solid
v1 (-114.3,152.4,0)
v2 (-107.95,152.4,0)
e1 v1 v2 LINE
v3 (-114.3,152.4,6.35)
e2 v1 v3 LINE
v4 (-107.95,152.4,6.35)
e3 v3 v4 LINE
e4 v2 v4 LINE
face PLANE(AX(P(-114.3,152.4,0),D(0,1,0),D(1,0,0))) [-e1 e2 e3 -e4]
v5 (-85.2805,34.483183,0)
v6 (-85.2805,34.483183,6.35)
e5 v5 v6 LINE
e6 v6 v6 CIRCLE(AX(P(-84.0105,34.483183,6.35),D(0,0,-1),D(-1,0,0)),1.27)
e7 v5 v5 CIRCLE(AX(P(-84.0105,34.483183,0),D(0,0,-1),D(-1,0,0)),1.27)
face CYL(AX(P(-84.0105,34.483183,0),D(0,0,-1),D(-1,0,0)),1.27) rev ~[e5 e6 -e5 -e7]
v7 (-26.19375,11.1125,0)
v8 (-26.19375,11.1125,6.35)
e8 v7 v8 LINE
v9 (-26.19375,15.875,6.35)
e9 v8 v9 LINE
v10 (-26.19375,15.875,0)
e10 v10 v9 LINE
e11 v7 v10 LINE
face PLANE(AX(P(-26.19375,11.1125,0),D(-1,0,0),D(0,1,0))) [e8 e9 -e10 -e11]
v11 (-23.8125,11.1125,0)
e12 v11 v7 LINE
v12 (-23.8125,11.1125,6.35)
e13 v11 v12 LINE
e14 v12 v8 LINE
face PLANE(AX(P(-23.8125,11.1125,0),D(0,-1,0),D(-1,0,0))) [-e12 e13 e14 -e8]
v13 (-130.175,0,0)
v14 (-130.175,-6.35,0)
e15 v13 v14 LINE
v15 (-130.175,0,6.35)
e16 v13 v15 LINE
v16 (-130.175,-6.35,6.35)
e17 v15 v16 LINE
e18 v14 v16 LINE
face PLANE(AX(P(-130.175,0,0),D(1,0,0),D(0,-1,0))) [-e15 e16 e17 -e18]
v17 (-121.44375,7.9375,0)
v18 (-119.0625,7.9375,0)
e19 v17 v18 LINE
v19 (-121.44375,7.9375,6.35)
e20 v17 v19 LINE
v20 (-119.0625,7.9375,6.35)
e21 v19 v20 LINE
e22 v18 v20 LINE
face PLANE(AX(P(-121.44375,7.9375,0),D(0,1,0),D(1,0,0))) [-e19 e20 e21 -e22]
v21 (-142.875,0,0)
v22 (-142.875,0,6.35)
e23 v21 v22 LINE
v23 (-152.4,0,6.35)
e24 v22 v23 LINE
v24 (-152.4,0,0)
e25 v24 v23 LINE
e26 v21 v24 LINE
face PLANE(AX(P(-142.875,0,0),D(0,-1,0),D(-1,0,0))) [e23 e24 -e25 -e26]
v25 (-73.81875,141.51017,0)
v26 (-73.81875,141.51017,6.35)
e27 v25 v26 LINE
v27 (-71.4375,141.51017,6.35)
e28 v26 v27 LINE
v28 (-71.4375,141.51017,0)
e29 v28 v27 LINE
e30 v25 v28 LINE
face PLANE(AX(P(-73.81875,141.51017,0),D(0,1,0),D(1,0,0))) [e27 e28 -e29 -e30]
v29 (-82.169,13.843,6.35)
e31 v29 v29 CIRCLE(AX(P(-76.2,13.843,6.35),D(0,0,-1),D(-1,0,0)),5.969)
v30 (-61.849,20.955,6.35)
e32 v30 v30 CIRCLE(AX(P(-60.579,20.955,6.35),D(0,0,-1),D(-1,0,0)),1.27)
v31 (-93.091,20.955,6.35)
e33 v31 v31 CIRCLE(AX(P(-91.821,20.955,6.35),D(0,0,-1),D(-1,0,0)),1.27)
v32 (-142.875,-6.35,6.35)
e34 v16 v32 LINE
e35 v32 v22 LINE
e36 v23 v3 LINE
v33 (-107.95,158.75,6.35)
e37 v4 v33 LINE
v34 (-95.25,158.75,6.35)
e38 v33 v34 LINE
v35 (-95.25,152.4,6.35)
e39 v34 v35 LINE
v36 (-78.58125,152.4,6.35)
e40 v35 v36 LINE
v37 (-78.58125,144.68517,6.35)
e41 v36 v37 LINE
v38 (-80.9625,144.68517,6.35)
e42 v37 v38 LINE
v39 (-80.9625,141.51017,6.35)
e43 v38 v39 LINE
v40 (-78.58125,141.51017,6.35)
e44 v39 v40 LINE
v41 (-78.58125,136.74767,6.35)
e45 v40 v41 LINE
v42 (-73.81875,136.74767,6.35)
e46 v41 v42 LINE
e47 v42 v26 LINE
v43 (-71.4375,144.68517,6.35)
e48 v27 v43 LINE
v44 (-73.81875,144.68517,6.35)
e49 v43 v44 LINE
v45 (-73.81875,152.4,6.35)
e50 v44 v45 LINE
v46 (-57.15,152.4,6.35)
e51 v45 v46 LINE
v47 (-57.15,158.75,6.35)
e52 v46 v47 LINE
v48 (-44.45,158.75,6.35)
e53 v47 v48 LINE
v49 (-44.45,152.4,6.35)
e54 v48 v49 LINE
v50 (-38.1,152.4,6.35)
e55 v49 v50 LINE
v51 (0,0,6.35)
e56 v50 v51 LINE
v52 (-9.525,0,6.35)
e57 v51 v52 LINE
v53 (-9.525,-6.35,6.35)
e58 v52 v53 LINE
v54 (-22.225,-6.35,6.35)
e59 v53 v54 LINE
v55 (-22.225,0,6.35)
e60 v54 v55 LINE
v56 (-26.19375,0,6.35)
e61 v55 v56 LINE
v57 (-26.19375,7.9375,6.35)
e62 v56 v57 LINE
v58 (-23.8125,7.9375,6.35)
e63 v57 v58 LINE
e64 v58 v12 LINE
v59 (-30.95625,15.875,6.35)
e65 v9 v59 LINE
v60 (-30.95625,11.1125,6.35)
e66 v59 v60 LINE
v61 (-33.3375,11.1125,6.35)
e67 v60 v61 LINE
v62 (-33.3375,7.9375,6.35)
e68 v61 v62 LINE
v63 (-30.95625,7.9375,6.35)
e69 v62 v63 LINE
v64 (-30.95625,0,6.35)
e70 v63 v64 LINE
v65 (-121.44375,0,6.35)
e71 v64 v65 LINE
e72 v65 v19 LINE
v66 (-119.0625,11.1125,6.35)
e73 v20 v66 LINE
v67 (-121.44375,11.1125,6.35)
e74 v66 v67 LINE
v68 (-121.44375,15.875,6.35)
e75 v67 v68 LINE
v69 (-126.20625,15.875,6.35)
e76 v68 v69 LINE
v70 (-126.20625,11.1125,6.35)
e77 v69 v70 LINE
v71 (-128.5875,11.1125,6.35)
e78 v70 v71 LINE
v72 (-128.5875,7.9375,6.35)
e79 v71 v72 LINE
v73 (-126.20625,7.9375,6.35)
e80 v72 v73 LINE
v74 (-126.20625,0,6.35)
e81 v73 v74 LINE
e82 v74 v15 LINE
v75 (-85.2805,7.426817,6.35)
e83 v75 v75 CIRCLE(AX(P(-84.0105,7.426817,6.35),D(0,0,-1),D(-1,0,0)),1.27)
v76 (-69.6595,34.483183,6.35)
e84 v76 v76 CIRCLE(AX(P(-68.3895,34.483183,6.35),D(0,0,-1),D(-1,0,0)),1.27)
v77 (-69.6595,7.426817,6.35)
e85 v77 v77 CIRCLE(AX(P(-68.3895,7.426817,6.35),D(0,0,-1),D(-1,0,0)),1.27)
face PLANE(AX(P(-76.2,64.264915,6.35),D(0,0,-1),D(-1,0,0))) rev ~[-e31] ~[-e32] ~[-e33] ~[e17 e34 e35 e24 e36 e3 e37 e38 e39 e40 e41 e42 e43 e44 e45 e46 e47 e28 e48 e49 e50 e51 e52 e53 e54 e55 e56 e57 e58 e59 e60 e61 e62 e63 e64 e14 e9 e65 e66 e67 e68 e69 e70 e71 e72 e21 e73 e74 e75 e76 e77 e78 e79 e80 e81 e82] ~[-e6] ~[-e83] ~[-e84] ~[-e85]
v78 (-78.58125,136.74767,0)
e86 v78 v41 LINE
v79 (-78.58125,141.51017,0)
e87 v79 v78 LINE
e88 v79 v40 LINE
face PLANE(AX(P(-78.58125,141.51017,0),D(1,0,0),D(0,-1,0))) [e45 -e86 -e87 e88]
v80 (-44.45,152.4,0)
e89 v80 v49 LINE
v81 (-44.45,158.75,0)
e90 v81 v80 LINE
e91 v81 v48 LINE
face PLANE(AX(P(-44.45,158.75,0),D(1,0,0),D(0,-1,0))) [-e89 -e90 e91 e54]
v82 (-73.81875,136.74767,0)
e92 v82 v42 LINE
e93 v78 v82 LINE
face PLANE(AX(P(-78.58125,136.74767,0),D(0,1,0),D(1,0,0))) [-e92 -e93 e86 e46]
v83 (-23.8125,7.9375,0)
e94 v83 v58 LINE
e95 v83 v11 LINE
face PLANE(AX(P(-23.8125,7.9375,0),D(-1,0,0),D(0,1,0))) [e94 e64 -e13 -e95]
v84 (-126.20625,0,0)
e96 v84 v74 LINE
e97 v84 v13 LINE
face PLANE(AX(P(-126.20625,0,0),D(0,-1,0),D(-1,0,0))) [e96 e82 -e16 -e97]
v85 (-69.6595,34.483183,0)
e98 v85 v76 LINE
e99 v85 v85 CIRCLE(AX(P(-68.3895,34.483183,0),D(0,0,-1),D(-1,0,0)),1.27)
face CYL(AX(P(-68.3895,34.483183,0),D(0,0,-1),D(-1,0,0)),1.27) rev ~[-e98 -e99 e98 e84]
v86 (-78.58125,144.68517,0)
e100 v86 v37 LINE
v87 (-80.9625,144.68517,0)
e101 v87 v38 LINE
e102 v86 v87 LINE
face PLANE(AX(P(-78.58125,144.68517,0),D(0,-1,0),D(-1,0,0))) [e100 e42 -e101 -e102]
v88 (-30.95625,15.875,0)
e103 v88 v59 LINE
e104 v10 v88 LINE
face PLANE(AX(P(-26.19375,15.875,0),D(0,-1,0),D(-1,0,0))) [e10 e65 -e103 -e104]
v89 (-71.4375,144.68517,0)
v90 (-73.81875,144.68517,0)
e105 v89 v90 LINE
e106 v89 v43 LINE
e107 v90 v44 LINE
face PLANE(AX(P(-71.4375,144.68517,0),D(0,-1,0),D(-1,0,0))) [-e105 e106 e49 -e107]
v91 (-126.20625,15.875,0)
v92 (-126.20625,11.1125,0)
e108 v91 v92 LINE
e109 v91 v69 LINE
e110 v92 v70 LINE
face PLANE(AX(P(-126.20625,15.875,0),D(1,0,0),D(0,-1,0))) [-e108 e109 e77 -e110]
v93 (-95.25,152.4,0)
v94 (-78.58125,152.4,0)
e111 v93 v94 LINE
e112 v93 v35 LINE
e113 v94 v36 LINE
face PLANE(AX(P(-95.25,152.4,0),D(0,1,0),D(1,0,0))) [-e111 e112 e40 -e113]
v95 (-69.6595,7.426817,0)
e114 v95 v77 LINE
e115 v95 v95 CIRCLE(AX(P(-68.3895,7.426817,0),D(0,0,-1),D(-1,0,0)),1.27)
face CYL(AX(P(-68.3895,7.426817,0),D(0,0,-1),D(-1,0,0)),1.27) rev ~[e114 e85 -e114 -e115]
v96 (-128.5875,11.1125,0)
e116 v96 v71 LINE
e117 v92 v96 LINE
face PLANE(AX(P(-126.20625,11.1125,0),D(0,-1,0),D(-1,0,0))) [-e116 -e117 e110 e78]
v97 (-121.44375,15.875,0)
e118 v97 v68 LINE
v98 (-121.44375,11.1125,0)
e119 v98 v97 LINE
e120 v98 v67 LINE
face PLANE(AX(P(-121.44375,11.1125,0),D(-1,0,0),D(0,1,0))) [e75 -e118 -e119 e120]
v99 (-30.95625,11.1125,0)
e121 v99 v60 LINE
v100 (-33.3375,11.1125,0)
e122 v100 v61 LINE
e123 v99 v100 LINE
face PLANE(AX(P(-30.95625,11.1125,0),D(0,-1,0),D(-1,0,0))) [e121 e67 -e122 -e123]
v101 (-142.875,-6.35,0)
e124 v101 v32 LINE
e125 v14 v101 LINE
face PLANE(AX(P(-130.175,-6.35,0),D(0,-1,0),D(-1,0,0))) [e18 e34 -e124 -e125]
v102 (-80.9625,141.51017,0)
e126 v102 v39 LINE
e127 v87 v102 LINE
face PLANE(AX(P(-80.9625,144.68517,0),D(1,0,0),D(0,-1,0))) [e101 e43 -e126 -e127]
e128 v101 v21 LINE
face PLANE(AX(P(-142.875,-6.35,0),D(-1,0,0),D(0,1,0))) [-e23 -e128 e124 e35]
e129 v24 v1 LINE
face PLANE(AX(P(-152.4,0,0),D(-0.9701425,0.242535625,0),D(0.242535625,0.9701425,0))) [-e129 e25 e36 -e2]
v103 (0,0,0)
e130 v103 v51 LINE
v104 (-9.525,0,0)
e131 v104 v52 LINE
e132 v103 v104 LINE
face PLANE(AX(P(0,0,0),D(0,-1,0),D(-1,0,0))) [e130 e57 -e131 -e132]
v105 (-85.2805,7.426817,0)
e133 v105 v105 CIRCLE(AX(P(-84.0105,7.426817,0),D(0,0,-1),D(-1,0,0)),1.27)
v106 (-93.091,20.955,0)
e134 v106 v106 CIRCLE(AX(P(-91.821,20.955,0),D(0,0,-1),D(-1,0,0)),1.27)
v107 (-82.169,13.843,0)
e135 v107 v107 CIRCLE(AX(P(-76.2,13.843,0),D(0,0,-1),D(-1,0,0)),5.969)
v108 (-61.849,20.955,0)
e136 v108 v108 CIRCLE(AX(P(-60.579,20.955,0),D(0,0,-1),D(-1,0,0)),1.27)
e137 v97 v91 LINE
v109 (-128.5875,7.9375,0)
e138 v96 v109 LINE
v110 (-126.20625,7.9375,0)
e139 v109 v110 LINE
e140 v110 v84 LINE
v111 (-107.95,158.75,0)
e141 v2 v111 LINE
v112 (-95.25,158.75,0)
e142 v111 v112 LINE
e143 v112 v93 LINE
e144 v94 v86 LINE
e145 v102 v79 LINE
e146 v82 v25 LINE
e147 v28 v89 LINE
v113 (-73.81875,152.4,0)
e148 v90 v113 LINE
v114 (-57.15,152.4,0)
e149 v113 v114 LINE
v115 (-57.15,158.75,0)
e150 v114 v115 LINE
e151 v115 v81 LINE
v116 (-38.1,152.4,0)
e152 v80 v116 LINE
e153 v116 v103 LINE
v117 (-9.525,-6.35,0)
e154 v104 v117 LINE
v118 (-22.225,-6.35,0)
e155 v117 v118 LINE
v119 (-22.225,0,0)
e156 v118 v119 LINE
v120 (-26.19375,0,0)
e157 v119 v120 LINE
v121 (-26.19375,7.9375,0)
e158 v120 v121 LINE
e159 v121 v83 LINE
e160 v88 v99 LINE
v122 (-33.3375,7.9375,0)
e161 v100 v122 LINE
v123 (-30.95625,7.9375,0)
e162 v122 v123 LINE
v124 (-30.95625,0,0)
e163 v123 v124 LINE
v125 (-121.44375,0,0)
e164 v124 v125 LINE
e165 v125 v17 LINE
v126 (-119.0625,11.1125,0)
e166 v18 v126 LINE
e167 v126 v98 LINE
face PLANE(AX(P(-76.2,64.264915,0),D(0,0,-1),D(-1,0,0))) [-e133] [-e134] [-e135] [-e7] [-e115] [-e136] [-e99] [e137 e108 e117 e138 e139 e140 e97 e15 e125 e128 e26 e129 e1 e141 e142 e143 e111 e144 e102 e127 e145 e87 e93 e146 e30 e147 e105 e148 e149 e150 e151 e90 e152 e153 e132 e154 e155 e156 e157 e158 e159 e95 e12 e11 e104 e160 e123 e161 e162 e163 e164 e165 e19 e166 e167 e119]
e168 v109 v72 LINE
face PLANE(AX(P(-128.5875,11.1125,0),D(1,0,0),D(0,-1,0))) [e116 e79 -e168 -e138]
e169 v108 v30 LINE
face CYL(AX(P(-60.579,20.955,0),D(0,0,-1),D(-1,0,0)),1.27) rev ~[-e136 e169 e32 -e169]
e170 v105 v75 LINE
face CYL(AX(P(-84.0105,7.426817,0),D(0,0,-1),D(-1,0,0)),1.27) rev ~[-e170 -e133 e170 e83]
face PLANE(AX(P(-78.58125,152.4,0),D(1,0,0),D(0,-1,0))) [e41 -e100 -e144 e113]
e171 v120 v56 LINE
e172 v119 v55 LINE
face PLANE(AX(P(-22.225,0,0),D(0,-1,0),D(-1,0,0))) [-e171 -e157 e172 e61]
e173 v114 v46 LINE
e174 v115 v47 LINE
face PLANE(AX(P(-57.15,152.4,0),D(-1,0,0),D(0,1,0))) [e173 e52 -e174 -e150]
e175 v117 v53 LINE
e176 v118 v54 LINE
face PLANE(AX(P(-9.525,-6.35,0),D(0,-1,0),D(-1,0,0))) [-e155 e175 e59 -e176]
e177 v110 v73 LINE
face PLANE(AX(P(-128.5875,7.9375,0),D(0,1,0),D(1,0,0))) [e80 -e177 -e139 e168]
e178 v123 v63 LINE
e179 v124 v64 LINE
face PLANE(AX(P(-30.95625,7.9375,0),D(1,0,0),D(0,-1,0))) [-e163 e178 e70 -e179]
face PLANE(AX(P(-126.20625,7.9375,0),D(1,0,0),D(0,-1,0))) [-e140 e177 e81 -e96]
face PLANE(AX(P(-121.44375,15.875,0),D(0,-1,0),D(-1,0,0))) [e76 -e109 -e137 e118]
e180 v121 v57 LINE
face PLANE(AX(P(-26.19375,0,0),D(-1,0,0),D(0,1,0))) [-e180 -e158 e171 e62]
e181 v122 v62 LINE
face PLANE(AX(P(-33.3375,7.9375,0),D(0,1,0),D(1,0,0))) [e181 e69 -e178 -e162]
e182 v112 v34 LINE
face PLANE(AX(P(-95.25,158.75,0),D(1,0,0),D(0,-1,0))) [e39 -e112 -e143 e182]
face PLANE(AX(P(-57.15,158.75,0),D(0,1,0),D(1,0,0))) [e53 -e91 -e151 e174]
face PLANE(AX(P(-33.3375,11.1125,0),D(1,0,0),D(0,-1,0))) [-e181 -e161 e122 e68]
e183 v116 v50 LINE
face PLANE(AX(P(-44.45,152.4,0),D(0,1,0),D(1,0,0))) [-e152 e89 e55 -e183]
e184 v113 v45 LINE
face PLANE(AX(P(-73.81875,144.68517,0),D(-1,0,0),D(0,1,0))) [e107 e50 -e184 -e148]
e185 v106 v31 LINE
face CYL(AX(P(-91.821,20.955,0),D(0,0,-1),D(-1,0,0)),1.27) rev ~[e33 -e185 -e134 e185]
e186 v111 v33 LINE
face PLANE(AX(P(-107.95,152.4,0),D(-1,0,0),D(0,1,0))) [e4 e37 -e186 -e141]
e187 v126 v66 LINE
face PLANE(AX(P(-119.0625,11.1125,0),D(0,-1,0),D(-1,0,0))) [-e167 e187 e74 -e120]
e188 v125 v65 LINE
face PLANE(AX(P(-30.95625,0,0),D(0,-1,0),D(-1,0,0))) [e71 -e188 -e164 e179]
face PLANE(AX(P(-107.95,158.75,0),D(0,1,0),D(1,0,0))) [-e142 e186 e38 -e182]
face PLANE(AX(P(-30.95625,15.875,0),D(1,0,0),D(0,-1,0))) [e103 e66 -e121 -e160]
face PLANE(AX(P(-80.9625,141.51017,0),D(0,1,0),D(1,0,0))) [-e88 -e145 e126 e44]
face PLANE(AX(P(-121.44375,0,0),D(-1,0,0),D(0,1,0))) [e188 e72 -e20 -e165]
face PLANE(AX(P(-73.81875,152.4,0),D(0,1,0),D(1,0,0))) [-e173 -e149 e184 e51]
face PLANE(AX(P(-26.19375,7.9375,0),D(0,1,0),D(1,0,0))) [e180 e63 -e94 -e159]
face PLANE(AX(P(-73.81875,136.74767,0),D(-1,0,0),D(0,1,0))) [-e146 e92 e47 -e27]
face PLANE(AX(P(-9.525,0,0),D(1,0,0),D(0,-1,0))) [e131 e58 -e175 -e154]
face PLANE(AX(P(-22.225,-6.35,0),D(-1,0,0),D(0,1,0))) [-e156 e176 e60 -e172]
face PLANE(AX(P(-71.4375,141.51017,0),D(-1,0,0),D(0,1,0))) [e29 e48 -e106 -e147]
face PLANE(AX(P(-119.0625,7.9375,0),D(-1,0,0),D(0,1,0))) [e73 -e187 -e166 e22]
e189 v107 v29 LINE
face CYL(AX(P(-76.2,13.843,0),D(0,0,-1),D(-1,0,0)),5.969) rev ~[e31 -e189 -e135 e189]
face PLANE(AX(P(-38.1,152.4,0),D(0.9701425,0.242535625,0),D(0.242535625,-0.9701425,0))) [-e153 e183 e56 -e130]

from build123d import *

# Parameters (mm, degrees)
BOSS_EXTRUDE1_DEPTH = 6.35
SKETCH4_R           = 5.969
SKETCH4_R_2         = 1.27
CUT_EXTRUDE3_DEPTH  = 6.35


with BuildPart() as part:
    # Sketch2 → Boss-Extrude1 (new body)
    with BuildSketch(Plane.XY):
        Polygon((0, 0), (-9.525, 0), (-9.525, -6.35), (-22.225, -6.35), (-22.225, 0), (-26.19375, 0), (-26.19375, 7.9375), (-23.8125, 7.9375), (-23.8125, 11.1125), (-26.19375, 11.1125), (-26.19375, 15.875), (-30.95625, 15.875), (-30.95625, 11.1125), (-33.3375, 11.1125), (-33.3375, 7.9375), (-30.95625, 7.9375), (-30.95625, 0), (-121.44375, 0), (-121.44375, 7.9375), (-119.0625, 7.9375), (-119.0625, 11.1125), (-121.44375, 11.1125), (-121.44375, 15.875), (-126.20625, 15.875), (-126.20625, 11.1125), (-128.5875, 11.1125), (-128.5875, 7.9375), (-126.20625, 7.9375), (-126.20625, 0), (-130.175, 0), (-130.175, -6.35), (-142.875, -6.35), (-142.875, 0), (-152.4, 0), (-114.3, 152.4), (-107.95, 152.4), (-107.95, 158.75), (-95.25, 158.75), (-95.25, 152.4), (-78.58125, 152.4), (-78.58125, 144.685169992), (-80.9625, 144.685169992), (-80.9625, 141.510169992), (-78.58125, 141.510169992), (-78.58125, 136.747669992), (-73.81875, 136.747669992), (-73.81875, 141.510169992), (-71.4375, 141.510169992), (-71.4375, 144.685169992), (-73.81875, 144.685169992), (-73.81875, 152.4), (-57.15, 152.4), (-57.15, 158.75), (-44.45, 158.75), (-44.45, 152.4), (-38.1, 152.4), align=None)
    extrude(amount=BOSS_EXTRUDE1_DEPTH)

    # Sketch4 → Cut-Extrude3 (cut)
    with BuildSketch(Plane(origin=(0, 0, 0), x_dir=(-1, 0, 0), z_dir=(0, 0, -1))):
        with Locations((76.2, 13.843)):
            Circle(SKETCH4_R)
        with Locations((68.3895, 34.483182833)):
            Circle(SKETCH4_R_2)
        with Locations((84.0105, 34.483182833)):
            Circle(SKETCH4_R_2)
        with Locations((91.821, 20.955)):
            Circle(SKETCH4_R_2)
        with Locations((84.0105, 7.426817167)):
            Circle(SKETCH4_R_2)
        with Locations((68.3895, 7.426817167)):
            Circle(SKETCH4_R_2)
        with Locations((60.579, 20.955)):
            Circle(SKETCH4_R_2)
    extrude(amount=-CUT_EXTRUDE3_DEPTH, mode=Mode.SUBTRACT)


solid = part.part
